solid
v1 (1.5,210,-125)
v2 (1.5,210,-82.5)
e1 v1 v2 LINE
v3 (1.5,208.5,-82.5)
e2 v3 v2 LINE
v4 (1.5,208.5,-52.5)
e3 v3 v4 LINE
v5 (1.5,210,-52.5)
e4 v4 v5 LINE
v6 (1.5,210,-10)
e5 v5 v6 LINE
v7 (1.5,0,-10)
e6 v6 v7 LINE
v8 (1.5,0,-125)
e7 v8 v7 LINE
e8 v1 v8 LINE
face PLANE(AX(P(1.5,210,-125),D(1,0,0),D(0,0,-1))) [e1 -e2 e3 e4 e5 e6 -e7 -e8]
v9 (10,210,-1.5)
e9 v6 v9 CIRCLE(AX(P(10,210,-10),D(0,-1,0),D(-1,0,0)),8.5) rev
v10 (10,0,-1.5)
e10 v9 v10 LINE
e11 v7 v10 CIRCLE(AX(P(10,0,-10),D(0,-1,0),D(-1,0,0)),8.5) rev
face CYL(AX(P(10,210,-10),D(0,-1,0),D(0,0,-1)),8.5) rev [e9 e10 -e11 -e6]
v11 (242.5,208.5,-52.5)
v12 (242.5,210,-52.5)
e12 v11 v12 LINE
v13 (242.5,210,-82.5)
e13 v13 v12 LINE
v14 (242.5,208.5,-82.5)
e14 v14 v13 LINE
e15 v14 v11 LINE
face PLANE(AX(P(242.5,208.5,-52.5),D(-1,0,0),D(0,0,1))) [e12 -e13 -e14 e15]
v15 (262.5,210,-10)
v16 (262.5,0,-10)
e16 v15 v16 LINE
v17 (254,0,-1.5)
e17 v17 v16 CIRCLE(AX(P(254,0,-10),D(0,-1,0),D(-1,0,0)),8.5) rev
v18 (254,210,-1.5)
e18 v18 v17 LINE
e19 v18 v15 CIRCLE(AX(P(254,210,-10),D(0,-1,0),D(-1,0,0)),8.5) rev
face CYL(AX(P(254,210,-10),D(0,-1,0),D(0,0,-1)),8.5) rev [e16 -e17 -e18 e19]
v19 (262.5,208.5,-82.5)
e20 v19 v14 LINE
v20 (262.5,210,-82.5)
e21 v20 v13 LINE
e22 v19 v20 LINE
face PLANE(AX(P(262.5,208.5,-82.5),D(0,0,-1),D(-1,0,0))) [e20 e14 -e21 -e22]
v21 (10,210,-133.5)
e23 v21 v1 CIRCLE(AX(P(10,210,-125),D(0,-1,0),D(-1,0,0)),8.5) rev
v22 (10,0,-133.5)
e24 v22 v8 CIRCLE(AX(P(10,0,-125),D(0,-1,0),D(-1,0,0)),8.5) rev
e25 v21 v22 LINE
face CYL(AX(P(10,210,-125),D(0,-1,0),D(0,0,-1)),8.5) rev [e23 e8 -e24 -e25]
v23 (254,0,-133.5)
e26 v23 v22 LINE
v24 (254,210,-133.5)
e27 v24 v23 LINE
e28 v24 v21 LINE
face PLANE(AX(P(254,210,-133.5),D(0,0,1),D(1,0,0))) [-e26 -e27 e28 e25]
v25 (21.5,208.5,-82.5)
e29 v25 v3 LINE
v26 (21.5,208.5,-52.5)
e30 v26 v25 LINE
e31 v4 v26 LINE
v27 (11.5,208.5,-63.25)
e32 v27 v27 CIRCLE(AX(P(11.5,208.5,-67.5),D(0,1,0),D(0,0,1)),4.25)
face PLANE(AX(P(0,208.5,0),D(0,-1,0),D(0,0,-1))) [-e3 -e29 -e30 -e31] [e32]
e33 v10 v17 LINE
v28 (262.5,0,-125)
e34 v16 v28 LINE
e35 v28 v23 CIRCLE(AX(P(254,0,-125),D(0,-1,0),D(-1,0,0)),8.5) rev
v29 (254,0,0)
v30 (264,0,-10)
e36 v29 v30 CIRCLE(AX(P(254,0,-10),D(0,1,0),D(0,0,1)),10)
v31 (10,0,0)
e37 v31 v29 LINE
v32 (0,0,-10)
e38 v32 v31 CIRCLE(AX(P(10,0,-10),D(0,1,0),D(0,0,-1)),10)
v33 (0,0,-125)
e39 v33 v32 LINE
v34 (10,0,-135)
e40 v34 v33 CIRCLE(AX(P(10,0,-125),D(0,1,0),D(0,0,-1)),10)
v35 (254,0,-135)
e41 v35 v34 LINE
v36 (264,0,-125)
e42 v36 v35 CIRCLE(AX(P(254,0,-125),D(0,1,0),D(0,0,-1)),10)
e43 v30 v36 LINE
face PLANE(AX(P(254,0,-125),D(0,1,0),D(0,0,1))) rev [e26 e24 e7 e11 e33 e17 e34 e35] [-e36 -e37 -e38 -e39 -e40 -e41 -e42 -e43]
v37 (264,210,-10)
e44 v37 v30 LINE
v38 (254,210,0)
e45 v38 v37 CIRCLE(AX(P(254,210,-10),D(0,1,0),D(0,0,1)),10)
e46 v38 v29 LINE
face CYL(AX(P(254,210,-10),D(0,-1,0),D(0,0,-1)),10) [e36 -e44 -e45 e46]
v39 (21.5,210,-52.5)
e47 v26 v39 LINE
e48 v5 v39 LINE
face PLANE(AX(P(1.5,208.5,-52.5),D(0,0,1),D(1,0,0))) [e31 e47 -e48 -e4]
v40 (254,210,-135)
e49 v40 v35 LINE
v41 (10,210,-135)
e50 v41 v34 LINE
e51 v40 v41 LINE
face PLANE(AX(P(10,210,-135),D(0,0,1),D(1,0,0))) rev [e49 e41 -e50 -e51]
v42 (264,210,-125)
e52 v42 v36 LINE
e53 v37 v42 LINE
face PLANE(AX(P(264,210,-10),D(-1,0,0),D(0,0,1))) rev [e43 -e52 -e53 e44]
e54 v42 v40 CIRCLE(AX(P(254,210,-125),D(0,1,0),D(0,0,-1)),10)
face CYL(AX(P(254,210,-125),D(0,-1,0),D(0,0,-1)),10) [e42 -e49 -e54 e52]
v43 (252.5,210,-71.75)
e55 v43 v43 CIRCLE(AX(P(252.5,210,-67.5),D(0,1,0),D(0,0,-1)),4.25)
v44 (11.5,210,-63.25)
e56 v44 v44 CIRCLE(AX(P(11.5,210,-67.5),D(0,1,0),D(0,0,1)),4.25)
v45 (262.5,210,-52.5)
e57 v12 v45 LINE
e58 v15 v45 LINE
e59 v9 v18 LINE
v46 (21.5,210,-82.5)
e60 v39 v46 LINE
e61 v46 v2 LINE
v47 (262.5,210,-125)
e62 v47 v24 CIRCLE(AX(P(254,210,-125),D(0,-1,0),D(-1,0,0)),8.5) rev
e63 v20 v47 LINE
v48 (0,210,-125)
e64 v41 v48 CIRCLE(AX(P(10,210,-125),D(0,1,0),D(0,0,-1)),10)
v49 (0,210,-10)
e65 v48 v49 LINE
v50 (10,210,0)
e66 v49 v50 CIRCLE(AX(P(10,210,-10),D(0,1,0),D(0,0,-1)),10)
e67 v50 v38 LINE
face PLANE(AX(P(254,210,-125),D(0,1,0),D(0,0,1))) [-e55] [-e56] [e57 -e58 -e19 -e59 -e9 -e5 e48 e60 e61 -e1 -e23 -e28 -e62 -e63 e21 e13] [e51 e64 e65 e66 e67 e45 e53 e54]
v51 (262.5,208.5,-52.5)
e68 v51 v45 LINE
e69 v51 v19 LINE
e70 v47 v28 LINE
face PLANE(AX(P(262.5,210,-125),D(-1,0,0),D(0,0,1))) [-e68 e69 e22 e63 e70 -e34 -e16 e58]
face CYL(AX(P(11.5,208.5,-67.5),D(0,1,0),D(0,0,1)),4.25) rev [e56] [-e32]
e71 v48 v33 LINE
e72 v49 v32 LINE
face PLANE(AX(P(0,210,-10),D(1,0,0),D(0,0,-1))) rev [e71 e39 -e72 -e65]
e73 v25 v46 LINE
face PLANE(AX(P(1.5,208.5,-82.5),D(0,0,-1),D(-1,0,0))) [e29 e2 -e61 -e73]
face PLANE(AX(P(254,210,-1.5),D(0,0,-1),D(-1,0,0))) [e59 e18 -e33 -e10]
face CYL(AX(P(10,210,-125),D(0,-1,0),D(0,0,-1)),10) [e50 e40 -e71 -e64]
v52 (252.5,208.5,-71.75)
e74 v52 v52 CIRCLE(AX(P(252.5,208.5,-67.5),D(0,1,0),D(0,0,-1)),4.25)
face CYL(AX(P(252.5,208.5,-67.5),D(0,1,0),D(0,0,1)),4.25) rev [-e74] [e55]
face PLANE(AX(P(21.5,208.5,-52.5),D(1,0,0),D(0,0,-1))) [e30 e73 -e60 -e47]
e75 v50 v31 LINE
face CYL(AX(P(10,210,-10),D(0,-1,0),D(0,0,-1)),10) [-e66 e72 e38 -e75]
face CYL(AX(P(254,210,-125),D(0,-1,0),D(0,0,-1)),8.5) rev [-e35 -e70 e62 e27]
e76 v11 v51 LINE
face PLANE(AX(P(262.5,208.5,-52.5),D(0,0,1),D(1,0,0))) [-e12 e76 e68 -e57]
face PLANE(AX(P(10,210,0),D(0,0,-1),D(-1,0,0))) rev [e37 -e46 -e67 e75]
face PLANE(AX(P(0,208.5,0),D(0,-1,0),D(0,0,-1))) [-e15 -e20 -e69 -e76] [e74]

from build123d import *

# Parameters (mm, degrees)
ESTRUSIONE_SOTTILE1_DEPTH    = 210
SCHIZZO2_W                   = 20
SCHIZZO2_H                   = 30
SCHIZZO2_R                   = 4.25
ESTRUSIONE_ESTRUSIONE1_DEPTH = 1.5


with BuildPart() as part:
    # Schizzo1 → Estrusione-Sottile1 (new body)
    with BuildSketch(Plane(origin=(0, 0, 0), x_dir=(1, 0, 0), z_dir=(0, 1, 0))):
        with BuildLine():
            Line((0, 125), (0, 10))
            ThreePointArc((0, 10), (2.928932188, 2.928932188), (10, 0))
            Line((10, 0), (254, 0))
            ThreePointArc((254, 0), (261.071067812, 2.928932188), (264, 10))
            Line((264, 10), (264, 125))
            ThreePointArc((264, 125), (261.071067812, 132.071067812), (254, 135))
            Line((254, 135), (10, 135))
            ThreePointArc((10, 135), (2.928932188, 132.071067812), (0, 125))
        make_face()
        with BuildLine():
            Line((1.5, 125), (1.5, 10))
            ThreePointArc((1.5, 10), (3.98959236, 3.98959236), (10, 1.5))
            Line((10, 1.5), (254, 1.5))
            ThreePointArc((254, 1.5), (260.01040764, 3.98959236), (262.5, 10))
            Line((262.5, 10), (262.5, 125))
            ThreePointArc((262.5, 125), (260.01040764, 131.01040764), (254, 133.5))
            Line((254, 133.5), (10, 133.5))
            ThreePointArc((10, 133.5), (3.98959236, 131.01040764), (1.5, 125))
        make_face(mode=Mode.SUBTRACT)
    extrude(amount=ESTRUSIONE_SOTTILE1_DEPTH)

    # Schizzo2 → Estrusione-Estrusione1 (add)
    # profile 1 of 2: a face of its own
    with BuildSketch(Plane(origin=(0, 210, 0), x_dir=(1, 0, 0), z_dir=(0, 1, 0))):
        with Locations((11.5, 67.5)):
            Rectangle(SCHIZZO2_W, SCHIZZO2_H)
        with Locations(Location((11.5, 67.5, 0), (0, 0, 270))):
            Circle(SCHIZZO2_R, mode=Mode.SUBTRACT)
    # profile 2 of 2: a face of its own
    with BuildSketch(Plane(origin=(0, 210, 0), x_dir=(1, 0, 0), z_dir=(0, 1, 0))):
        with Locations((252.5, 67.5)):
            Rectangle(SCHIZZO2_W, SCHIZZO2_H)
        with Locations(Location((252.5, 67.5, 0), (0, 0, 90))):
            Circle(SCHIZZO2_R, mode=Mode.SUBTRACT)
    extrude(amount=-ESTRUSIONE_ESTRUSIONE1_DEPTH)


solid = part.part
